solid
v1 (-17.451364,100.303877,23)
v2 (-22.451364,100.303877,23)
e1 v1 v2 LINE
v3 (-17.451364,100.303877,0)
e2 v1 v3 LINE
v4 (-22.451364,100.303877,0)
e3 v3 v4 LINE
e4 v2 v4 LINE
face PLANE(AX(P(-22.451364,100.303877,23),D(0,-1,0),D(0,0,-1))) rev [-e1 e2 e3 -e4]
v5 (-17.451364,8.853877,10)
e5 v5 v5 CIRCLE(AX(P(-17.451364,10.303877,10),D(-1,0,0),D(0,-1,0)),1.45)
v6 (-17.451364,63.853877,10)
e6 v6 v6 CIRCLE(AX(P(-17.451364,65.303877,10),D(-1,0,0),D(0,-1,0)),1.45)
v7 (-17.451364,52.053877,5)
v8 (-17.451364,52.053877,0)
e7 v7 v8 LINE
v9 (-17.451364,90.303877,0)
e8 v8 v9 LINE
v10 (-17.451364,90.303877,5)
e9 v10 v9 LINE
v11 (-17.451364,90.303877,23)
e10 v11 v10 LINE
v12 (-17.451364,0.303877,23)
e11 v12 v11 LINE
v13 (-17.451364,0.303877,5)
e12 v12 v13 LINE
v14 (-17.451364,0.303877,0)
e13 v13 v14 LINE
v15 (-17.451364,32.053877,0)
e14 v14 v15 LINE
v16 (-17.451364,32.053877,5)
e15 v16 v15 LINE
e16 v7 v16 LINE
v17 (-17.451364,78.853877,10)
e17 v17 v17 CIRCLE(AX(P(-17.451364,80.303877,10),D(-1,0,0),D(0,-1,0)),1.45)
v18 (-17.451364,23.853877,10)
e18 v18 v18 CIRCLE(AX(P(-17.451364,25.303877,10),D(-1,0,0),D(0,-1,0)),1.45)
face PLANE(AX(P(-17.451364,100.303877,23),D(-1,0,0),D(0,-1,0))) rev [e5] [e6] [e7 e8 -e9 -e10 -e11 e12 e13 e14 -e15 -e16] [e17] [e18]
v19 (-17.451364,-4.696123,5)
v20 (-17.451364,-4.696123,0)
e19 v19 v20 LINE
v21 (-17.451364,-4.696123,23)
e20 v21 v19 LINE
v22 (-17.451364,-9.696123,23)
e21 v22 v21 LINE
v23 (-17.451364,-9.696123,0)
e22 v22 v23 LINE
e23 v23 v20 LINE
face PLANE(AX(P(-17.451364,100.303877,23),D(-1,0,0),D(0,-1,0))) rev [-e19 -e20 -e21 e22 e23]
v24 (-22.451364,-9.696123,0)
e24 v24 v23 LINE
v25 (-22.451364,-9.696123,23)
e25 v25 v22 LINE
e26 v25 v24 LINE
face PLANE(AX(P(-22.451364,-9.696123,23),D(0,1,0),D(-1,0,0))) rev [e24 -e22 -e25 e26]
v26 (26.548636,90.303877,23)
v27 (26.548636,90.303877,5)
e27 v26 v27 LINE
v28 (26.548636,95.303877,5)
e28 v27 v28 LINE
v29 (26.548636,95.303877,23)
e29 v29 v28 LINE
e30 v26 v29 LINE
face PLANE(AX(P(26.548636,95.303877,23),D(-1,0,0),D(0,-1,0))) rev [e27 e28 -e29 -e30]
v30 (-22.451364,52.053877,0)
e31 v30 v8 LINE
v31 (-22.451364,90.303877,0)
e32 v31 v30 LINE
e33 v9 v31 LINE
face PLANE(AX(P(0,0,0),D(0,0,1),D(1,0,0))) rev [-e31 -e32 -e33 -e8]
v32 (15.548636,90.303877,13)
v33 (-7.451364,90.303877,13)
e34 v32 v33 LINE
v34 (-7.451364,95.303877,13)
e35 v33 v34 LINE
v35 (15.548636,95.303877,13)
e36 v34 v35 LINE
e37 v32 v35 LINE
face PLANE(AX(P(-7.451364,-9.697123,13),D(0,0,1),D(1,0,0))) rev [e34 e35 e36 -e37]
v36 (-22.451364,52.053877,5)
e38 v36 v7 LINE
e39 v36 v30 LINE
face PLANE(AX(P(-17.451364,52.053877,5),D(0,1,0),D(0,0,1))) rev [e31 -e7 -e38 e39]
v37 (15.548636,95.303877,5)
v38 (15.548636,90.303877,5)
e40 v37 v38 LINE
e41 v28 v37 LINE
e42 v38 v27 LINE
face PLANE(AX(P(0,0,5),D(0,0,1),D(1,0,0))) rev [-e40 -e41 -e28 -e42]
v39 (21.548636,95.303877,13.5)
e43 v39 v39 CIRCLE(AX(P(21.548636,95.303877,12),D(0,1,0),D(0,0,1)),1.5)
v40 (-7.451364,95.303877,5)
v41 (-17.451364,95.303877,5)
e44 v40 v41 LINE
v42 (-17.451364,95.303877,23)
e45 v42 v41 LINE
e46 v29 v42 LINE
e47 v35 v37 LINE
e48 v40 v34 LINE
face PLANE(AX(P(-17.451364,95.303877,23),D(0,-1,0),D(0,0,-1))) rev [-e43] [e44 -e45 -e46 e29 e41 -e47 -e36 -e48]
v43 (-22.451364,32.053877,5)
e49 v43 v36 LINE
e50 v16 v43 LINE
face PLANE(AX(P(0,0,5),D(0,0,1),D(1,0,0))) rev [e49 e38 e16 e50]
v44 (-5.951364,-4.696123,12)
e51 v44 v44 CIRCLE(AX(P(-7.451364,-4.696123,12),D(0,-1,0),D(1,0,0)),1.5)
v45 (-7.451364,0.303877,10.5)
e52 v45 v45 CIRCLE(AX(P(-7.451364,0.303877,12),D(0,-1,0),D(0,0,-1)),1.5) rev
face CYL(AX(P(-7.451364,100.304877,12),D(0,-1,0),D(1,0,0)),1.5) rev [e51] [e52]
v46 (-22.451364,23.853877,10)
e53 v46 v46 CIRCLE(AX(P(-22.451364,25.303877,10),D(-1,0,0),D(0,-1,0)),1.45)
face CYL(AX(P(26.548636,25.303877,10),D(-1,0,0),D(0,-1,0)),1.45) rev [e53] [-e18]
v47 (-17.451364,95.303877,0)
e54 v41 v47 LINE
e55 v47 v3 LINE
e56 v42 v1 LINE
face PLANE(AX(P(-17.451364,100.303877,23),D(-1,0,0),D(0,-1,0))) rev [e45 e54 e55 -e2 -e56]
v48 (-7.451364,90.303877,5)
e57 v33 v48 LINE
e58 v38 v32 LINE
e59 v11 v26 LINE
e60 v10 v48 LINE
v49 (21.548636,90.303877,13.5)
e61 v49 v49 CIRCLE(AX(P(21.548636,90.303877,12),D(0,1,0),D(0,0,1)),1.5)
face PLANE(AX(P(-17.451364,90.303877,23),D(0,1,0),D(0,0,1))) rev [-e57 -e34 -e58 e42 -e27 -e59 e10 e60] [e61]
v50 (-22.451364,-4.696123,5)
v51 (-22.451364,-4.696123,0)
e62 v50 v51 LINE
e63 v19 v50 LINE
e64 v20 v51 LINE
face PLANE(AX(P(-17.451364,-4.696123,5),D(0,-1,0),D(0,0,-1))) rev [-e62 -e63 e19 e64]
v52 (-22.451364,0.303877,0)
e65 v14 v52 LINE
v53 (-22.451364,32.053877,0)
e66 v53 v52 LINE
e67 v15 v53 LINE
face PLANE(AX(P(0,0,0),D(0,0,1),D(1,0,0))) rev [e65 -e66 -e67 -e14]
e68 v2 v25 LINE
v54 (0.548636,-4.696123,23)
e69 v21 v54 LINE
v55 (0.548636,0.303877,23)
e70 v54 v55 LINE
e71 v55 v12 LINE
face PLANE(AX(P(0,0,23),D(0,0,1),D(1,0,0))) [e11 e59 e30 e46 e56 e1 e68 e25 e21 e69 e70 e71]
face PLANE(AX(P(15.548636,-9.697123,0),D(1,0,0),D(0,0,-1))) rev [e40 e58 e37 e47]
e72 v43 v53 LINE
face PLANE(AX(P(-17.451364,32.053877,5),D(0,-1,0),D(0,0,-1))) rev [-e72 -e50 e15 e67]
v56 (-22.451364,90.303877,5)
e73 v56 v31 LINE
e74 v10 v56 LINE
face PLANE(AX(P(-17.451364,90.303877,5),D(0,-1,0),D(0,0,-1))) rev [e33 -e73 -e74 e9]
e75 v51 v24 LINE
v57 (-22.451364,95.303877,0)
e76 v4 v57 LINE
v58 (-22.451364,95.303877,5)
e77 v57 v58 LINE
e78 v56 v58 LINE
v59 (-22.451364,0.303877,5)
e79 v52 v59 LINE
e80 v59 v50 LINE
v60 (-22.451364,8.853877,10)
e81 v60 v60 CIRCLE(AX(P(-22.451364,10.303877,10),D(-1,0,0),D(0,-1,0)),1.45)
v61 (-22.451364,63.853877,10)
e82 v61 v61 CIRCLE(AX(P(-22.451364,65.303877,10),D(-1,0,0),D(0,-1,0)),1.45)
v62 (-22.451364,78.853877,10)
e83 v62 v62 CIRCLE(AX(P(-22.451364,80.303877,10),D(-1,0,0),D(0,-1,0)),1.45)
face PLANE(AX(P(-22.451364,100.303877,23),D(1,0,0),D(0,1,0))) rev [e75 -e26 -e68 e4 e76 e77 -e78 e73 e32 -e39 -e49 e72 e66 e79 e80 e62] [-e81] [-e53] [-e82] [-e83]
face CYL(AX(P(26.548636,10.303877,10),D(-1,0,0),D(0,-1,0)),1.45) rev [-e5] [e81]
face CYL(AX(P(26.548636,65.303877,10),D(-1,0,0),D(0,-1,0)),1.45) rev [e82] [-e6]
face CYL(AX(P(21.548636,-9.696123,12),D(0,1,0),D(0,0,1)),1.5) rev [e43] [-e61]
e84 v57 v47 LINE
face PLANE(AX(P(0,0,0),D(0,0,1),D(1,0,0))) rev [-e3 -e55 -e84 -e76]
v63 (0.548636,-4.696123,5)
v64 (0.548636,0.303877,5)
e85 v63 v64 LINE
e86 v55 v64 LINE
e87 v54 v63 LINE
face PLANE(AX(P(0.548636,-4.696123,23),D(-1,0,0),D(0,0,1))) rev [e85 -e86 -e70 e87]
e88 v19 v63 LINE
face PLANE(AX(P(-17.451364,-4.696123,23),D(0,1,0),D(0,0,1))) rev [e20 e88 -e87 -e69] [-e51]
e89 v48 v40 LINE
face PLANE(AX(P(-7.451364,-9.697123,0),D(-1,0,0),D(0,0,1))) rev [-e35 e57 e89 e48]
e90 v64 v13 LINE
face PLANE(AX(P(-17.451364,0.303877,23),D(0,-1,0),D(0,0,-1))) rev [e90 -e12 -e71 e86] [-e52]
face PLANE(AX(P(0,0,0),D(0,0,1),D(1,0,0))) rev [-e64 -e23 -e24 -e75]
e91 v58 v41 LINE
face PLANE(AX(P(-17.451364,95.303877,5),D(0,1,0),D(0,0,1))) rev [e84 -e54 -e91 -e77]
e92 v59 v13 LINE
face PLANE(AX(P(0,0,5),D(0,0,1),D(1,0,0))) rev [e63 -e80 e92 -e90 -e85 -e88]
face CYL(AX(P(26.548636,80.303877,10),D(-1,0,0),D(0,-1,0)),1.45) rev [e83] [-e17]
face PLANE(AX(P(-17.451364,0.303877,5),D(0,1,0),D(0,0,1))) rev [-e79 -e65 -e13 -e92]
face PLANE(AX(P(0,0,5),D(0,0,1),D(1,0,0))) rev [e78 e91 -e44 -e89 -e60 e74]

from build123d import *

# Parameters (mm, degrees)
EXTRUDE_1_DEPTH     = 23
SKETCH_2_W          = 5
SKETCH_2_H          = 20
CUT_EXTRUDE_1_DEPTH = 5
CUT_EXTRUDE_2_REACH = 112.72
SKETCH_4_W          = 23
SKETCH_4_H          = 13
CUT_EXTRUDE_3_REACH = 112.72
SKETCH_3_R          = 1.5
SKETCH_7_R          = 1.5
CUT_EXTRUDE_4_DEPTH = 111.719601125
SKETCH_8_W          = 76.143558985
SKETCH_8_H          = 113.649709854
CUT_EXTRUDE_5_DEPTH = 5
SKETCH_9_W          = 28.016263666
SKETCH_9_H          = 5
SKETCH_9_W_2        = 40.160076627
CUT_EXTRUDE_6_DEPTH = 5
SKETCH_10_R         = 1.45
CUT_EXTRUDE_7_DEPTH = 114.977488026


with BuildPart() as part:
    # 草圖1 → 填料-伸長1 (new body)
    with BuildSketch(Plane.XY):
        Polygon((-17.451364004, -4.696122823), (-17.451364004, -9.696122823), (-22.451364004, -9.696122823), (-22.451364004, 100.303877177), (-17.451364004, 100.303877177), (-17.451364004, 95.303877177), (26.548635996, 95.303877177), (26.548635996, 90.303877177), (-17.451364004, 90.303877177), (-17.451364004, 0.303877177), (0.548635996, 0.303877177), (0.548635996, -4.696122823), align=None)
    extrude(amount=EXTRUDE_1_DEPTH)

    # 草圖2 → 除料-伸長1 (cut)
    with BuildSketch(Plane(origin=(0, 0, 0), x_dir=(-1, 0, 0), z_dir=(0, 0, -1))):
        with Locations((19.951364004, 42.053877177)):
            Rectangle(SKETCH_2_W, SKETCH_2_H)
    extrude(amount=-CUT_EXTRUDE_1_DEPTH, mode=Mode.SUBTRACT)

    # 草圖4 → 除料-伸長2 (cut, up to next)
    with BuildSketch(Plane(origin=(0, 95.303877177, 0), x_dir=(1, 0, 0), z_dir=(0, 1, 0)), mode=Mode.PRIVATE) as cut_extrude_2_sk1:
        with Locations((4.048635996, -6.5)):
            Rectangle(SKETCH_4_W, SKETCH_4_H)
    cut_extrude_2_tool1 = extrude(cut_extrude_2_sk1.sketch, amount=-CUT_EXTRUDE_2_REACH, mode=Mode.PRIVATE) & part.part
    add(cut_extrude_2_tool1.solids().sort_by_distance((4.048636, 95.303877, 6.5))[0], mode=Mode.SUBTRACT)

    # 草圖3 → 除料-伸長3 (cut, up to next)
    with BuildSketch(Plane.XZ.offset(4.696122823), mode=Mode.PRIVATE) as cut_extrude_3_sk1:
        with Locations((-7.451364004, 12)):
            Circle(SKETCH_3_R)
    cut_extrude_3_tool1 = extrude(cut_extrude_3_sk1.sketch, amount=-CUT_EXTRUDE_3_REACH, mode=Mode.PRIVATE) & part.part
    add(cut_extrude_3_tool1.solids().sort_by_distance((-7.451364, -4.696123, 12))[0], mode=Mode.SUBTRACT)

    # 草圖7 → 除料-伸長4 (cut, through all)
    with BuildSketch(Plane(origin=(0, 95.303877177, 0), x_dir=(1, 0, 0), z_dir=(0, 1, 0))):
        with Locations(Location((21.548635996, -12, 0), (0, 0, 270))):
            Circle(SKETCH_7_R)
    extrude(amount=-CUT_EXTRUDE_4_DEPTH, mode=Mode.SUBTRACT)

    # 草圖8 → 除料-伸長5 (cut)
    with BuildSketch(Plane(origin=(0, 0, 0), x_dir=(-1, 0, 0), z_dir=(0, 0, -1))):
        with Locations((-20.620415489, 43.47902225)):
            Rectangle(SKETCH_8_W, SKETCH_8_H)
    extrude(amount=-CUT_EXTRUDE_5_DEPTH, mode=Mode.SUBTRACT)

    # 草圖9 → 除料-伸長6 (cut)
    with BuildSketch(Plane(origin=(0, 0, 0), x_dir=(-1, 0, 0), z_dir=(0, 0, -1))):
        with Locations((31.459495837, 92.803877177)):
            Rectangle(SKETCH_9_W, SKETCH_9_H)
        with Locations((37.531402318, -2.196122823)):
            Rectangle(SKETCH_9_W_2, SKETCH_9_H)
    extrude(amount=-CUT_EXTRUDE_6_DEPTH, mode=Mode.SUBTRACT)

    # 草圖10 → 除料-伸長7 (cut, through all)
    with BuildSketch(Plane.ZY.offset(22.451364004)):
        with Locations(Location((10, 80.303877177, 0), (0, 0, 270))):
            Circle(SKETCH_10_R)
        with Locations(Location((10, 10.303877177, 0), (0, 0, 270))):
            Circle(SKETCH_10_R)
        with Locations(Location((10, 65.303877177, 0), (0, 0, 270))):
            Circle(SKETCH_10_R)
        with Locations(Location((10, 25.303877177, 0), (0, 0, 270))):
            Circle(SKETCH_10_R)
    extrude(amount=-CUT_EXTRUDE_7_DEPTH, mode=Mode.SUBTRACT)


solid = part.part
